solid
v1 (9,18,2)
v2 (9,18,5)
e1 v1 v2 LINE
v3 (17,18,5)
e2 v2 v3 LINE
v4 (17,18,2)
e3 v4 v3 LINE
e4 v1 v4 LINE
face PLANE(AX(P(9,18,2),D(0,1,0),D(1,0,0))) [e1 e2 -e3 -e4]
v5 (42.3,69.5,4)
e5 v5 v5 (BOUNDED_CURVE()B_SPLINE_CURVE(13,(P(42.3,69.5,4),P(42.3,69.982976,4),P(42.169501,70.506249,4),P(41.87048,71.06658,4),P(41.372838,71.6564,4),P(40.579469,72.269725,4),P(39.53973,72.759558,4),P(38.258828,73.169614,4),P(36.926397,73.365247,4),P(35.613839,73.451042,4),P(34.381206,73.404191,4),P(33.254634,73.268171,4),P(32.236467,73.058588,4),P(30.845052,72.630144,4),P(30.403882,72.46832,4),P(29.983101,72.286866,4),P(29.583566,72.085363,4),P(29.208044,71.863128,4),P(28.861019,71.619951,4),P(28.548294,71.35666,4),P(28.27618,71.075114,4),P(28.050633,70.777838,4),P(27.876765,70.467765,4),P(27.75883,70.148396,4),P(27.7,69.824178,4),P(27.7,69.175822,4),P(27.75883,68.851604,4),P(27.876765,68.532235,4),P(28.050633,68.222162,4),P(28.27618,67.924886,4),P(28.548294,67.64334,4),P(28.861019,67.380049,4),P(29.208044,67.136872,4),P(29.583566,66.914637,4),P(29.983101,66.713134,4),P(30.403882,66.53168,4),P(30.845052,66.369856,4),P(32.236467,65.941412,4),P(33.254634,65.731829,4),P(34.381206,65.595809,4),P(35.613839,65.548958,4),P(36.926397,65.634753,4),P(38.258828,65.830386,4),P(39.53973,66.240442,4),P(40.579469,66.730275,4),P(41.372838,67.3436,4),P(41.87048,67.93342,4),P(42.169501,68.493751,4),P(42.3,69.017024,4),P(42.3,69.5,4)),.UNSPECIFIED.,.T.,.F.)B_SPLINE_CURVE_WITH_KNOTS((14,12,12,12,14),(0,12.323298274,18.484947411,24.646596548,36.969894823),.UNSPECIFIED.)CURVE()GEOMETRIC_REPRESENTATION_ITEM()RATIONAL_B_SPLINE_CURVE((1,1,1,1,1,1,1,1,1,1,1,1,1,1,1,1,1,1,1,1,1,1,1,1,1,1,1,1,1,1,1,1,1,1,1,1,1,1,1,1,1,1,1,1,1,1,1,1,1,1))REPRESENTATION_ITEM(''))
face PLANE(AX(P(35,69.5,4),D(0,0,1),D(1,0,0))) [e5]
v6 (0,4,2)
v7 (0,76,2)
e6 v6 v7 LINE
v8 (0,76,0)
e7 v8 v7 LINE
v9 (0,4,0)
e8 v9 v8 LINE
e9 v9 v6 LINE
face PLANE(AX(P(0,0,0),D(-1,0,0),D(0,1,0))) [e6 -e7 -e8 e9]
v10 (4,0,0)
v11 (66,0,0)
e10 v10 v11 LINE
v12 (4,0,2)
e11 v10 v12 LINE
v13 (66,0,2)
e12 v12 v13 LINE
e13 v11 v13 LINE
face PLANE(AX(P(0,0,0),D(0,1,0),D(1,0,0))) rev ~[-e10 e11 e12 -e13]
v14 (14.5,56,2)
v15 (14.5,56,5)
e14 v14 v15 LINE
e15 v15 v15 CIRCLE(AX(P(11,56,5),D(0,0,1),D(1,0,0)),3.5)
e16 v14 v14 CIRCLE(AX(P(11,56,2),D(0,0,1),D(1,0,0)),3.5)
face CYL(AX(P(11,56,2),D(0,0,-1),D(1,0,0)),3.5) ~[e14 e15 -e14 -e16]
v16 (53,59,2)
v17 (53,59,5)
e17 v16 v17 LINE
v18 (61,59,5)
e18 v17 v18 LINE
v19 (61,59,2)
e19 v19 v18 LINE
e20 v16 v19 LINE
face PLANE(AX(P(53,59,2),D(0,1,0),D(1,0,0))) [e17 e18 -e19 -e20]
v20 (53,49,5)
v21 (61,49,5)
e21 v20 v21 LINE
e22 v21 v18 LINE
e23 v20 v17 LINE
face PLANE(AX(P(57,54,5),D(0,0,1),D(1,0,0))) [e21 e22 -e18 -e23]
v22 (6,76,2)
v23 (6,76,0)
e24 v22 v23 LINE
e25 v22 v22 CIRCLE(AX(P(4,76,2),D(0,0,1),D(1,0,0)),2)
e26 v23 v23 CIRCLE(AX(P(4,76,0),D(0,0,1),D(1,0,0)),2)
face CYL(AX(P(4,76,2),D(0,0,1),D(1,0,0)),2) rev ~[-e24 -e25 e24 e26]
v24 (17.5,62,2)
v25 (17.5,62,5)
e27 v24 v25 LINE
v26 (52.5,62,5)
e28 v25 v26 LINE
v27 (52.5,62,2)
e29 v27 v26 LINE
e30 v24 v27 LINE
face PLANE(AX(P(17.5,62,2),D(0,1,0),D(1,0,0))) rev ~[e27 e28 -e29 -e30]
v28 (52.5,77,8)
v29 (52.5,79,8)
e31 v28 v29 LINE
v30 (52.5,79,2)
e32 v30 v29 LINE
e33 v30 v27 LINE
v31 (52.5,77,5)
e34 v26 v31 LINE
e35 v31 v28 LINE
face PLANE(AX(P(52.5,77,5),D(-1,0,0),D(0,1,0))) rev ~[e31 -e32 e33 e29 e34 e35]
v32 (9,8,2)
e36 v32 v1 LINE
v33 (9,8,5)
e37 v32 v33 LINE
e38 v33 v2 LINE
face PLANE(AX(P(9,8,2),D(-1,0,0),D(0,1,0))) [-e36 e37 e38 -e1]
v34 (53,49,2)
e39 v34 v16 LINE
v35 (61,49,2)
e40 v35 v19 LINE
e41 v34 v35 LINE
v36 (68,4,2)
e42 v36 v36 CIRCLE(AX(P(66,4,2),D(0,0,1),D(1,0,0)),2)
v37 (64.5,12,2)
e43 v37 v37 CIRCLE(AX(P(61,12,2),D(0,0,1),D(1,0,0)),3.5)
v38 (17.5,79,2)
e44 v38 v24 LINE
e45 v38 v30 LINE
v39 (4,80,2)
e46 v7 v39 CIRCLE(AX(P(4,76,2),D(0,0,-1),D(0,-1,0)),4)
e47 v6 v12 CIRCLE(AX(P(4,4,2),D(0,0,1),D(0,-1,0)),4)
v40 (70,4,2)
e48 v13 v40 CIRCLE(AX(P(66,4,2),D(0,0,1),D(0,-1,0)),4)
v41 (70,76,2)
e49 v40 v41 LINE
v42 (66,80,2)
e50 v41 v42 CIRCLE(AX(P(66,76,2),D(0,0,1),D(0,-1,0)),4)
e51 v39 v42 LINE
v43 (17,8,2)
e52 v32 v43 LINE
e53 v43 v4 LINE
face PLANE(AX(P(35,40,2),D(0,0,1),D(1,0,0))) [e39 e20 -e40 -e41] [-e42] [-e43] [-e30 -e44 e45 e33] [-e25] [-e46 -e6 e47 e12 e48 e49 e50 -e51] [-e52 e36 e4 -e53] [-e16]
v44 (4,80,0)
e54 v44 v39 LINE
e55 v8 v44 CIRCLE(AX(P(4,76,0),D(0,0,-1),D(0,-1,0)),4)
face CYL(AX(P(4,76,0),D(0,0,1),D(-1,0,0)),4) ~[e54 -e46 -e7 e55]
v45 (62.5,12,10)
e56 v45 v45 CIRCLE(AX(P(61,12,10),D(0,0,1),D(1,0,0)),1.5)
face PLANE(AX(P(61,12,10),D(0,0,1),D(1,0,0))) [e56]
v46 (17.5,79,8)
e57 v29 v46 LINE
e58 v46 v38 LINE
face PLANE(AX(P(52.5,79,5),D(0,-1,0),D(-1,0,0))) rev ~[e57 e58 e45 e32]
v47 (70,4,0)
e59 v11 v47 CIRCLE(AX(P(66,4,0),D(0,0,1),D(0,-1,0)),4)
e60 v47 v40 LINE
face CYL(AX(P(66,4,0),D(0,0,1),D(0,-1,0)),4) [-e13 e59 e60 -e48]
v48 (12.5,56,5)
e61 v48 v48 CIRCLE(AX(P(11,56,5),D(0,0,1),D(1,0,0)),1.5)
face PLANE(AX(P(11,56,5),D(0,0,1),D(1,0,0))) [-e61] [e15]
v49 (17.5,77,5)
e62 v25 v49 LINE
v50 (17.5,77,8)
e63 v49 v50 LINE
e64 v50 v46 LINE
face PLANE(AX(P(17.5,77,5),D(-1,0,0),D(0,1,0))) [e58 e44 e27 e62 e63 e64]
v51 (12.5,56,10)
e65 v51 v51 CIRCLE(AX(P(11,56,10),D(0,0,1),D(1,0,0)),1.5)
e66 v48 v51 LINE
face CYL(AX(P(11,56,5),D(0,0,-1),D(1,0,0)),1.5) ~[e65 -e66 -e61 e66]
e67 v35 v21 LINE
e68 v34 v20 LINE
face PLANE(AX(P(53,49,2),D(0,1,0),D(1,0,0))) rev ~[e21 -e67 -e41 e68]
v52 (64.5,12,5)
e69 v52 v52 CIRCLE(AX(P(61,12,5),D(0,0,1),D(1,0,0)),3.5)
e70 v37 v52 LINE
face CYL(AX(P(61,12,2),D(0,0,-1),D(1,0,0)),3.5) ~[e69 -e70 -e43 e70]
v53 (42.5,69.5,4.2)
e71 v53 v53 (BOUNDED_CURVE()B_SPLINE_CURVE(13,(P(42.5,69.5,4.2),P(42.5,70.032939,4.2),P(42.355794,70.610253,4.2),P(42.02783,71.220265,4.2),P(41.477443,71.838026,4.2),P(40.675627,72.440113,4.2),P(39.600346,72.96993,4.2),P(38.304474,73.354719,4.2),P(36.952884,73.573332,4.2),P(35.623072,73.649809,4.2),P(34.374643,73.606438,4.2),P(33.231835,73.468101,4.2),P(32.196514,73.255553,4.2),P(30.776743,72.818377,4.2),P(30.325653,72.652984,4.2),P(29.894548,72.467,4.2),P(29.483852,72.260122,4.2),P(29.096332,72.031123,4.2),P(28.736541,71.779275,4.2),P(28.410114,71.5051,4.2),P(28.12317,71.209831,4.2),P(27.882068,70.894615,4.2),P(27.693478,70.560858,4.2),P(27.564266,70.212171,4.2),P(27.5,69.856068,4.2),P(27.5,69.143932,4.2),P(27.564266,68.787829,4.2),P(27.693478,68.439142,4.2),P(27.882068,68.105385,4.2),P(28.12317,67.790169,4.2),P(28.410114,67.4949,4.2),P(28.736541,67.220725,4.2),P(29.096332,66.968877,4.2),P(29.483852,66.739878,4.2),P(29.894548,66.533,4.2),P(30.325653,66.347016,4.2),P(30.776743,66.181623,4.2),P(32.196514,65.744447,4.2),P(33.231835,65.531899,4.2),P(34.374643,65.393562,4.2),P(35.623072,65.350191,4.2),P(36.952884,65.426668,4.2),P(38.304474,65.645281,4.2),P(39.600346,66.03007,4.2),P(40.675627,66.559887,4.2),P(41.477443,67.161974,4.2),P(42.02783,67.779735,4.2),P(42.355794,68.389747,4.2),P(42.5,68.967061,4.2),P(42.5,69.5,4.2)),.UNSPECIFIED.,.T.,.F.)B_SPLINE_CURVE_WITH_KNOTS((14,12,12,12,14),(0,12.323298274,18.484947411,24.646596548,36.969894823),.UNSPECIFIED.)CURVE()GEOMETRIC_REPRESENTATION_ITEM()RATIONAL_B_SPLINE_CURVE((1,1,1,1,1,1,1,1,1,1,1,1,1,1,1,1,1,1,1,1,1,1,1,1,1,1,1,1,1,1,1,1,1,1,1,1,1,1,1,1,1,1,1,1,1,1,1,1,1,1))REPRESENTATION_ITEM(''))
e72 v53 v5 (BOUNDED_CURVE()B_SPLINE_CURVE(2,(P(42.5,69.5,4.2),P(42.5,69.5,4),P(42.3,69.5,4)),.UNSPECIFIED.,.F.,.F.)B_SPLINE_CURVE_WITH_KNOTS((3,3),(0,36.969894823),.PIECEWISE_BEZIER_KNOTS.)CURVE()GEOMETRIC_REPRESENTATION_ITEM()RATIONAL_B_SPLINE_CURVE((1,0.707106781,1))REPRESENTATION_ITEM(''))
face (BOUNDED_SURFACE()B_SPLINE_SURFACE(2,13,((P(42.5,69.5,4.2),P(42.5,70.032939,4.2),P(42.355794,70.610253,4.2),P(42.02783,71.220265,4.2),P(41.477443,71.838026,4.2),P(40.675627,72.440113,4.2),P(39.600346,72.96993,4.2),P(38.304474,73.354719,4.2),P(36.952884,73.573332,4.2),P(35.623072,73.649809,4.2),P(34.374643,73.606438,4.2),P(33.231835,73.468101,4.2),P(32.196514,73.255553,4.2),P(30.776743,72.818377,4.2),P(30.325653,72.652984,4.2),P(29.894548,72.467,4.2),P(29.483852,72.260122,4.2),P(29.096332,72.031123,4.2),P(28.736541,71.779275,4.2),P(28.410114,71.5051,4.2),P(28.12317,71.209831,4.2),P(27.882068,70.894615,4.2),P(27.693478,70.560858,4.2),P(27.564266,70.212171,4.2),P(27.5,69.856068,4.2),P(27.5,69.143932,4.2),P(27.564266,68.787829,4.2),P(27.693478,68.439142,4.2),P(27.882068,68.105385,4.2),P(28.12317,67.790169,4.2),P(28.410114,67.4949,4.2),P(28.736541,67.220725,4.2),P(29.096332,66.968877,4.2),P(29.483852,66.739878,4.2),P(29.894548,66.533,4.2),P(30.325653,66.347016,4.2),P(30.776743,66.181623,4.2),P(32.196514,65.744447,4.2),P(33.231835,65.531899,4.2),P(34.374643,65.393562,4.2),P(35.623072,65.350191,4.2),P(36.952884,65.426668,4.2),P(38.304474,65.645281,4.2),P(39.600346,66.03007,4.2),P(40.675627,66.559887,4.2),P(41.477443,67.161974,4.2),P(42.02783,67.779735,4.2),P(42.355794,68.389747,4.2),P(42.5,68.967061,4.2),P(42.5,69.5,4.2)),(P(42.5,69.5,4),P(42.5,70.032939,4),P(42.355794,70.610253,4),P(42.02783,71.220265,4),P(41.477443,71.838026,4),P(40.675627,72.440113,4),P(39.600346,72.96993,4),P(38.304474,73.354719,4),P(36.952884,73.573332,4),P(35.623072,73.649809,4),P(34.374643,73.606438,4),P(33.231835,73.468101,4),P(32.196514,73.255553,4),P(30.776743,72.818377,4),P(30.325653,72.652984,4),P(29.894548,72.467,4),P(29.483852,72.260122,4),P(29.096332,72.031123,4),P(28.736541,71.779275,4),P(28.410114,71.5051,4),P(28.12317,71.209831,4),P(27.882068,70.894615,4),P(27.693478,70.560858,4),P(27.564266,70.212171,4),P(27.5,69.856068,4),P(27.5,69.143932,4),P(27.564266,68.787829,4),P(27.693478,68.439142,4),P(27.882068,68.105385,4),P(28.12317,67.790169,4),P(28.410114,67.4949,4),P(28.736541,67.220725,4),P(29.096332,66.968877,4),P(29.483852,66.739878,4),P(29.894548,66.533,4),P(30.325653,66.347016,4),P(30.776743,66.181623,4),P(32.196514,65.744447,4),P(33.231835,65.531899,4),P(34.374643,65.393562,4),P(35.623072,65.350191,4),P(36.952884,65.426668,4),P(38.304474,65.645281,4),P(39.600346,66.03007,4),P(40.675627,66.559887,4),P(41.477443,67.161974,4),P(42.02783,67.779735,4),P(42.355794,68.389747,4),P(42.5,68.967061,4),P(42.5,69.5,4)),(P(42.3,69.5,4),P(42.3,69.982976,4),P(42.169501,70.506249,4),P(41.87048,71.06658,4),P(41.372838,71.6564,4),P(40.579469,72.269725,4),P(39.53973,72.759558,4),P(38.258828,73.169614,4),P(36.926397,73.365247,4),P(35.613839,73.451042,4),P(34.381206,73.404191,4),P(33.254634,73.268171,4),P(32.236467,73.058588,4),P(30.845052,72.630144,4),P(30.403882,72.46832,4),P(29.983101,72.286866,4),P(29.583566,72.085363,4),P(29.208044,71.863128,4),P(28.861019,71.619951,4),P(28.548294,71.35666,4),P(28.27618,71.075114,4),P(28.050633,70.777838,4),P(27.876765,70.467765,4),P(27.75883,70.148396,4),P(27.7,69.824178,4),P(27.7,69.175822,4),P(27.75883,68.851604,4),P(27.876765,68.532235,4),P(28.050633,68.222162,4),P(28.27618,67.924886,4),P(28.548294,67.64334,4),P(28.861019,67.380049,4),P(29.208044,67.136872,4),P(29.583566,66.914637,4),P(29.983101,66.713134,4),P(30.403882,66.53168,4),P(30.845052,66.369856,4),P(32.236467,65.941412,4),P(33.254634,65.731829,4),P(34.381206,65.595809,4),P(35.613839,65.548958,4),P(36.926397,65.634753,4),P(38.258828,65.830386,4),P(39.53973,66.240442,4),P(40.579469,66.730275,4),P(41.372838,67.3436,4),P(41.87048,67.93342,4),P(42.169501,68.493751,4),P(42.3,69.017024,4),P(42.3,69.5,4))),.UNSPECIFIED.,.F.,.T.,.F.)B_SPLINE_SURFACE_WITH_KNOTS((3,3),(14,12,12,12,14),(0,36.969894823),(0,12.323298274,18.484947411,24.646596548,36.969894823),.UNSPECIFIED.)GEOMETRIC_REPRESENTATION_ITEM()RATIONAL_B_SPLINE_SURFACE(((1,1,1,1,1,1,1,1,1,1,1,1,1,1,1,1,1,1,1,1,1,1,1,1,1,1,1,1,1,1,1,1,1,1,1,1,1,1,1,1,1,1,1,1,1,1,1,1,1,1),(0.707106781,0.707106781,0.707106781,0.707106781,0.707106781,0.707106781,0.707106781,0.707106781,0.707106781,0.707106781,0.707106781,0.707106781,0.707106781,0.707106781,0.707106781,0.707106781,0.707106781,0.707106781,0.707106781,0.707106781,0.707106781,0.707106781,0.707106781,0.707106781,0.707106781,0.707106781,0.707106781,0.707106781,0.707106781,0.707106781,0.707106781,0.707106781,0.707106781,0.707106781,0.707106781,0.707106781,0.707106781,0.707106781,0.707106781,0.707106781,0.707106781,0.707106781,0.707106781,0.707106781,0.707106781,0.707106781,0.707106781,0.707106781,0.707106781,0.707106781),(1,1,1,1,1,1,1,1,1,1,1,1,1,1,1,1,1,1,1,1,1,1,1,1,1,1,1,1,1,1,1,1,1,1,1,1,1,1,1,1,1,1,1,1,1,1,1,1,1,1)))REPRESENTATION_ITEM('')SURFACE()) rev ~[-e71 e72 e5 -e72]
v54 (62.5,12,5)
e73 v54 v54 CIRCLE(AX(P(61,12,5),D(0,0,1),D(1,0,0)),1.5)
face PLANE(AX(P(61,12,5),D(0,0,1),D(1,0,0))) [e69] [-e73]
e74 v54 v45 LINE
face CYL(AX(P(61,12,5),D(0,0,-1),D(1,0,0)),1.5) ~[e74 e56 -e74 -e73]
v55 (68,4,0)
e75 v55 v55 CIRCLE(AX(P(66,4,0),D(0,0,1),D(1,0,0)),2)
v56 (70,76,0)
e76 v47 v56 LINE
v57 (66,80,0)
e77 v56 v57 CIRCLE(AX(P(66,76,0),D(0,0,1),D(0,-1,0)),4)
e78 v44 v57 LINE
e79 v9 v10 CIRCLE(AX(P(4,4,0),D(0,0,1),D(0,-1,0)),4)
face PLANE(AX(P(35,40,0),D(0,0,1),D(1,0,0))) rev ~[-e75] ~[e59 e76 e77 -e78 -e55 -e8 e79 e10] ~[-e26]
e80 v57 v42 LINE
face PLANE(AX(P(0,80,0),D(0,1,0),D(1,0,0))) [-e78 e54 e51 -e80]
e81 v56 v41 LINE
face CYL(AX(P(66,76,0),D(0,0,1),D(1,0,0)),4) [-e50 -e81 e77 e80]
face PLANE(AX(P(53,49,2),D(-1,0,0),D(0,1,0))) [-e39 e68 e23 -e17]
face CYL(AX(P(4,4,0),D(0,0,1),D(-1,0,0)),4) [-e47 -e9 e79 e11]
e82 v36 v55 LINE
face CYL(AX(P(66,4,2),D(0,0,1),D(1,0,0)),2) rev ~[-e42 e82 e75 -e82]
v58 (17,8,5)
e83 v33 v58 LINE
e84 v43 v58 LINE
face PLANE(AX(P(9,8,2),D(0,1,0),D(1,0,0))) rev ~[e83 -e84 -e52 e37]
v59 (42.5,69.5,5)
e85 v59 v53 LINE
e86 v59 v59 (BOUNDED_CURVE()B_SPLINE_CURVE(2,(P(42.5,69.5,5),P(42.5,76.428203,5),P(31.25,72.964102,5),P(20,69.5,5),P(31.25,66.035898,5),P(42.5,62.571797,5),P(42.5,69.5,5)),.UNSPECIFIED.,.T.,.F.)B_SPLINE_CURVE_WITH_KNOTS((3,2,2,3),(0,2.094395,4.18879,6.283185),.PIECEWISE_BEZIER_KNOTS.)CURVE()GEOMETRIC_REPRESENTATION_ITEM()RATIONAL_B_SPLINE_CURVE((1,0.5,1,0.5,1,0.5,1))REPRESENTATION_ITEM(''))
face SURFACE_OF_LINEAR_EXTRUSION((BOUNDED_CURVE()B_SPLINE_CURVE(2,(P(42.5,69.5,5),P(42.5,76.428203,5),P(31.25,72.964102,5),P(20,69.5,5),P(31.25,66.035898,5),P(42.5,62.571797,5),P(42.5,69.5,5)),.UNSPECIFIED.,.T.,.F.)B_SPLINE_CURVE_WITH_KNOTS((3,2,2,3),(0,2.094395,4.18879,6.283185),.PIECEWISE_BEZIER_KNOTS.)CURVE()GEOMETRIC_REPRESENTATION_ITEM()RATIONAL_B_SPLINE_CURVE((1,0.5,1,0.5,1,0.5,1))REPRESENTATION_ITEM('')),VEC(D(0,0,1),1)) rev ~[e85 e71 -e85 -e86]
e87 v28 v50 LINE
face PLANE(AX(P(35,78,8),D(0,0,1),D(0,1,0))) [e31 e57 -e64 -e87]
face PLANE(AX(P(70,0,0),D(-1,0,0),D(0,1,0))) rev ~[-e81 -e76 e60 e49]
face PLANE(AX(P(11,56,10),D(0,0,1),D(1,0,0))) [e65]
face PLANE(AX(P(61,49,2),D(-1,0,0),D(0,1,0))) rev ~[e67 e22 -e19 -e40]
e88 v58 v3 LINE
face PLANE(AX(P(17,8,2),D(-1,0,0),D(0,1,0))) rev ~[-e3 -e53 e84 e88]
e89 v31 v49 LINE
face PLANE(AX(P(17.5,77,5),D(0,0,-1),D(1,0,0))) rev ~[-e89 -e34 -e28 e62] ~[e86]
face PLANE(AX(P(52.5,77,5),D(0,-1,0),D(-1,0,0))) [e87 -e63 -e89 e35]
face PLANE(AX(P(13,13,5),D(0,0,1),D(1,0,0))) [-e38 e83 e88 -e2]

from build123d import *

# Parameters (mm, degrees)
SKETCH_W        = 70
SKETCH_H        = 80
PAD_DEPTH       = 2
SKETCH001_R     = 3.5
PAD001_DEPTH    = 3
SKETCH002_R     = 1.5
PAD002_DEPTH    = 5
SKETCH003_W     = 35
SKETCH003_H     = 15
PAD003_DEPTH    = 3
PAD003_FACE12_W = 35
PAD003_FACE12_H = 3
PAD004_DEPTH    = 2
PAD004_FACE18_W = 2
PAD004_FACE18_H = 35
PAD005_DEPTH    = 3
POCKET_DEPTH    = 1
FILLET_R        = 0.2
FILLET001_R     = 4
SKETCH005_R     = 2
HOLE_DEPTH      = 25
SKETCH006_W     = 8
SKETCH006_H     = 10
PAD006_DEPTH    = 3


with BuildPart() as part:
    # Sketch → Pad (new body)
    with BuildSketch(Plane.XY):
        with Locations((35, 40)):
            Rectangle(SKETCH_W, SKETCH_H)
    extrude(amount=PAD_DEPTH)

    # Sketch001 (on Face6 of Pad) → Pad001 (join)
    with BuildSketch(Plane.XY.offset(2)):
        with Locations((11, 56)):
            Circle(SKETCH001_R)
        with Locations((61, 12)):
            Circle(SKETCH001_R)
    extrude(amount=PAD001_DEPTH)

    # Sketch002 (on Face10 of Pad001) → Pad002 (join)
    with BuildSketch(Plane.XY.offset(5)):
        with Locations((11, 56)):
            Circle(SKETCH002_R)
        with Locations((61, 12)):
            Circle(SKETCH002_R)
    extrude(amount=PAD002_DEPTH)

    # Sketch003 (on Face5 of Pad002) → Pad003 (join)
    with BuildSketch(Plane.XY.offset(2)):
        with Locations((35, 69.5)):
            Rectangle(SKETCH003_W, SKETCH003_H)
    extrude(amount=PAD003_DEPTH)

    # Pad003 Face12 → Pad004 (add)
    with BuildSketch(Plane(origin=(35, 77, 3.5), x_dir=(1, 0, 0), z_dir=(0, 1, 0))):
        Rectangle(PAD003_FACE12_W, PAD003_FACE12_H)
    extrude(amount=PAD004_DEPTH)

    # Pad004 Face18 → Pad005 (add)
    with BuildSketch(Plane(origin=(35, 78, 5), x_dir=(0, 1, 0), z_dir=(0, 0, 1))):
        Rectangle(PAD004_FACE18_W, PAD004_FACE18_H)
    extrude(amount=PAD005_DEPTH)

    # Sketch004 (on Face17 of Pad005) → Pocket (cut)
    with BuildSketch(Plane.XY.offset(5)):
        with BuildLine():
            add(Edge.make_bspline(
                [(42.5, 69.5), (42.5, 76.428203), (31.25, 72.964102), (20, 69.5), (31.25, 66.035898), (42.5, 62.571797), (42.5, 69.5)],
                knots=[0, 0, 0, 2.094395, 2.094395, 4.18879, 4.18879, 6.283185, 6.283185, 6.283185], degree=2, weights=[1, 0.5, 1, 0.5, 1, 0.5, 1]))
        make_face()
    extrude(amount=-POCKET_DEPTH, mode=Mode.SUBTRACT)

    # Fillet
    fillet_edges = [part.edges().sort_by_distance(p)[0] for p in [
        (27.500079, 69.481686, 4),
    ]]
    fillet(fillet_edges, radius=FILLET_R)

    # Fillet001
    fillet001_edges = [part.edges().sort_by_distance(p)[0] for p in [
        (0, 0, 1),
        (70, 0, 1),
        (70, 80, 1),
        (0, 80, 1),
    ]]
    fillet(fillet001_edges, radius=FILLET001_R)

    # Sketch005 (on Face1 of Fillet001) → Hole (cut)
    with BuildSketch(Plane.XY.offset(2)):
        with Locations((4, 76)):
            Circle(SKETCH005_R)
        with Locations((66, 4)):
            Circle(SKETCH005_R)
    extrude(amount=-HOLE_DEPTH, mode=Mode.SUBTRACT)

    # Sketch006 (on Face1 of Hole) → Pad006 (join)
    with BuildSketch(Plane.XY.offset(2)):
        with Locations((57, 54)):
            Rectangle(SKETCH006_W, SKETCH006_H)
        with Locations((13, 13)):
            Rectangle(SKETCH006_W, SKETCH006_H)
    extrude(amount=PAD006_DEPTH)


solid = part.part
